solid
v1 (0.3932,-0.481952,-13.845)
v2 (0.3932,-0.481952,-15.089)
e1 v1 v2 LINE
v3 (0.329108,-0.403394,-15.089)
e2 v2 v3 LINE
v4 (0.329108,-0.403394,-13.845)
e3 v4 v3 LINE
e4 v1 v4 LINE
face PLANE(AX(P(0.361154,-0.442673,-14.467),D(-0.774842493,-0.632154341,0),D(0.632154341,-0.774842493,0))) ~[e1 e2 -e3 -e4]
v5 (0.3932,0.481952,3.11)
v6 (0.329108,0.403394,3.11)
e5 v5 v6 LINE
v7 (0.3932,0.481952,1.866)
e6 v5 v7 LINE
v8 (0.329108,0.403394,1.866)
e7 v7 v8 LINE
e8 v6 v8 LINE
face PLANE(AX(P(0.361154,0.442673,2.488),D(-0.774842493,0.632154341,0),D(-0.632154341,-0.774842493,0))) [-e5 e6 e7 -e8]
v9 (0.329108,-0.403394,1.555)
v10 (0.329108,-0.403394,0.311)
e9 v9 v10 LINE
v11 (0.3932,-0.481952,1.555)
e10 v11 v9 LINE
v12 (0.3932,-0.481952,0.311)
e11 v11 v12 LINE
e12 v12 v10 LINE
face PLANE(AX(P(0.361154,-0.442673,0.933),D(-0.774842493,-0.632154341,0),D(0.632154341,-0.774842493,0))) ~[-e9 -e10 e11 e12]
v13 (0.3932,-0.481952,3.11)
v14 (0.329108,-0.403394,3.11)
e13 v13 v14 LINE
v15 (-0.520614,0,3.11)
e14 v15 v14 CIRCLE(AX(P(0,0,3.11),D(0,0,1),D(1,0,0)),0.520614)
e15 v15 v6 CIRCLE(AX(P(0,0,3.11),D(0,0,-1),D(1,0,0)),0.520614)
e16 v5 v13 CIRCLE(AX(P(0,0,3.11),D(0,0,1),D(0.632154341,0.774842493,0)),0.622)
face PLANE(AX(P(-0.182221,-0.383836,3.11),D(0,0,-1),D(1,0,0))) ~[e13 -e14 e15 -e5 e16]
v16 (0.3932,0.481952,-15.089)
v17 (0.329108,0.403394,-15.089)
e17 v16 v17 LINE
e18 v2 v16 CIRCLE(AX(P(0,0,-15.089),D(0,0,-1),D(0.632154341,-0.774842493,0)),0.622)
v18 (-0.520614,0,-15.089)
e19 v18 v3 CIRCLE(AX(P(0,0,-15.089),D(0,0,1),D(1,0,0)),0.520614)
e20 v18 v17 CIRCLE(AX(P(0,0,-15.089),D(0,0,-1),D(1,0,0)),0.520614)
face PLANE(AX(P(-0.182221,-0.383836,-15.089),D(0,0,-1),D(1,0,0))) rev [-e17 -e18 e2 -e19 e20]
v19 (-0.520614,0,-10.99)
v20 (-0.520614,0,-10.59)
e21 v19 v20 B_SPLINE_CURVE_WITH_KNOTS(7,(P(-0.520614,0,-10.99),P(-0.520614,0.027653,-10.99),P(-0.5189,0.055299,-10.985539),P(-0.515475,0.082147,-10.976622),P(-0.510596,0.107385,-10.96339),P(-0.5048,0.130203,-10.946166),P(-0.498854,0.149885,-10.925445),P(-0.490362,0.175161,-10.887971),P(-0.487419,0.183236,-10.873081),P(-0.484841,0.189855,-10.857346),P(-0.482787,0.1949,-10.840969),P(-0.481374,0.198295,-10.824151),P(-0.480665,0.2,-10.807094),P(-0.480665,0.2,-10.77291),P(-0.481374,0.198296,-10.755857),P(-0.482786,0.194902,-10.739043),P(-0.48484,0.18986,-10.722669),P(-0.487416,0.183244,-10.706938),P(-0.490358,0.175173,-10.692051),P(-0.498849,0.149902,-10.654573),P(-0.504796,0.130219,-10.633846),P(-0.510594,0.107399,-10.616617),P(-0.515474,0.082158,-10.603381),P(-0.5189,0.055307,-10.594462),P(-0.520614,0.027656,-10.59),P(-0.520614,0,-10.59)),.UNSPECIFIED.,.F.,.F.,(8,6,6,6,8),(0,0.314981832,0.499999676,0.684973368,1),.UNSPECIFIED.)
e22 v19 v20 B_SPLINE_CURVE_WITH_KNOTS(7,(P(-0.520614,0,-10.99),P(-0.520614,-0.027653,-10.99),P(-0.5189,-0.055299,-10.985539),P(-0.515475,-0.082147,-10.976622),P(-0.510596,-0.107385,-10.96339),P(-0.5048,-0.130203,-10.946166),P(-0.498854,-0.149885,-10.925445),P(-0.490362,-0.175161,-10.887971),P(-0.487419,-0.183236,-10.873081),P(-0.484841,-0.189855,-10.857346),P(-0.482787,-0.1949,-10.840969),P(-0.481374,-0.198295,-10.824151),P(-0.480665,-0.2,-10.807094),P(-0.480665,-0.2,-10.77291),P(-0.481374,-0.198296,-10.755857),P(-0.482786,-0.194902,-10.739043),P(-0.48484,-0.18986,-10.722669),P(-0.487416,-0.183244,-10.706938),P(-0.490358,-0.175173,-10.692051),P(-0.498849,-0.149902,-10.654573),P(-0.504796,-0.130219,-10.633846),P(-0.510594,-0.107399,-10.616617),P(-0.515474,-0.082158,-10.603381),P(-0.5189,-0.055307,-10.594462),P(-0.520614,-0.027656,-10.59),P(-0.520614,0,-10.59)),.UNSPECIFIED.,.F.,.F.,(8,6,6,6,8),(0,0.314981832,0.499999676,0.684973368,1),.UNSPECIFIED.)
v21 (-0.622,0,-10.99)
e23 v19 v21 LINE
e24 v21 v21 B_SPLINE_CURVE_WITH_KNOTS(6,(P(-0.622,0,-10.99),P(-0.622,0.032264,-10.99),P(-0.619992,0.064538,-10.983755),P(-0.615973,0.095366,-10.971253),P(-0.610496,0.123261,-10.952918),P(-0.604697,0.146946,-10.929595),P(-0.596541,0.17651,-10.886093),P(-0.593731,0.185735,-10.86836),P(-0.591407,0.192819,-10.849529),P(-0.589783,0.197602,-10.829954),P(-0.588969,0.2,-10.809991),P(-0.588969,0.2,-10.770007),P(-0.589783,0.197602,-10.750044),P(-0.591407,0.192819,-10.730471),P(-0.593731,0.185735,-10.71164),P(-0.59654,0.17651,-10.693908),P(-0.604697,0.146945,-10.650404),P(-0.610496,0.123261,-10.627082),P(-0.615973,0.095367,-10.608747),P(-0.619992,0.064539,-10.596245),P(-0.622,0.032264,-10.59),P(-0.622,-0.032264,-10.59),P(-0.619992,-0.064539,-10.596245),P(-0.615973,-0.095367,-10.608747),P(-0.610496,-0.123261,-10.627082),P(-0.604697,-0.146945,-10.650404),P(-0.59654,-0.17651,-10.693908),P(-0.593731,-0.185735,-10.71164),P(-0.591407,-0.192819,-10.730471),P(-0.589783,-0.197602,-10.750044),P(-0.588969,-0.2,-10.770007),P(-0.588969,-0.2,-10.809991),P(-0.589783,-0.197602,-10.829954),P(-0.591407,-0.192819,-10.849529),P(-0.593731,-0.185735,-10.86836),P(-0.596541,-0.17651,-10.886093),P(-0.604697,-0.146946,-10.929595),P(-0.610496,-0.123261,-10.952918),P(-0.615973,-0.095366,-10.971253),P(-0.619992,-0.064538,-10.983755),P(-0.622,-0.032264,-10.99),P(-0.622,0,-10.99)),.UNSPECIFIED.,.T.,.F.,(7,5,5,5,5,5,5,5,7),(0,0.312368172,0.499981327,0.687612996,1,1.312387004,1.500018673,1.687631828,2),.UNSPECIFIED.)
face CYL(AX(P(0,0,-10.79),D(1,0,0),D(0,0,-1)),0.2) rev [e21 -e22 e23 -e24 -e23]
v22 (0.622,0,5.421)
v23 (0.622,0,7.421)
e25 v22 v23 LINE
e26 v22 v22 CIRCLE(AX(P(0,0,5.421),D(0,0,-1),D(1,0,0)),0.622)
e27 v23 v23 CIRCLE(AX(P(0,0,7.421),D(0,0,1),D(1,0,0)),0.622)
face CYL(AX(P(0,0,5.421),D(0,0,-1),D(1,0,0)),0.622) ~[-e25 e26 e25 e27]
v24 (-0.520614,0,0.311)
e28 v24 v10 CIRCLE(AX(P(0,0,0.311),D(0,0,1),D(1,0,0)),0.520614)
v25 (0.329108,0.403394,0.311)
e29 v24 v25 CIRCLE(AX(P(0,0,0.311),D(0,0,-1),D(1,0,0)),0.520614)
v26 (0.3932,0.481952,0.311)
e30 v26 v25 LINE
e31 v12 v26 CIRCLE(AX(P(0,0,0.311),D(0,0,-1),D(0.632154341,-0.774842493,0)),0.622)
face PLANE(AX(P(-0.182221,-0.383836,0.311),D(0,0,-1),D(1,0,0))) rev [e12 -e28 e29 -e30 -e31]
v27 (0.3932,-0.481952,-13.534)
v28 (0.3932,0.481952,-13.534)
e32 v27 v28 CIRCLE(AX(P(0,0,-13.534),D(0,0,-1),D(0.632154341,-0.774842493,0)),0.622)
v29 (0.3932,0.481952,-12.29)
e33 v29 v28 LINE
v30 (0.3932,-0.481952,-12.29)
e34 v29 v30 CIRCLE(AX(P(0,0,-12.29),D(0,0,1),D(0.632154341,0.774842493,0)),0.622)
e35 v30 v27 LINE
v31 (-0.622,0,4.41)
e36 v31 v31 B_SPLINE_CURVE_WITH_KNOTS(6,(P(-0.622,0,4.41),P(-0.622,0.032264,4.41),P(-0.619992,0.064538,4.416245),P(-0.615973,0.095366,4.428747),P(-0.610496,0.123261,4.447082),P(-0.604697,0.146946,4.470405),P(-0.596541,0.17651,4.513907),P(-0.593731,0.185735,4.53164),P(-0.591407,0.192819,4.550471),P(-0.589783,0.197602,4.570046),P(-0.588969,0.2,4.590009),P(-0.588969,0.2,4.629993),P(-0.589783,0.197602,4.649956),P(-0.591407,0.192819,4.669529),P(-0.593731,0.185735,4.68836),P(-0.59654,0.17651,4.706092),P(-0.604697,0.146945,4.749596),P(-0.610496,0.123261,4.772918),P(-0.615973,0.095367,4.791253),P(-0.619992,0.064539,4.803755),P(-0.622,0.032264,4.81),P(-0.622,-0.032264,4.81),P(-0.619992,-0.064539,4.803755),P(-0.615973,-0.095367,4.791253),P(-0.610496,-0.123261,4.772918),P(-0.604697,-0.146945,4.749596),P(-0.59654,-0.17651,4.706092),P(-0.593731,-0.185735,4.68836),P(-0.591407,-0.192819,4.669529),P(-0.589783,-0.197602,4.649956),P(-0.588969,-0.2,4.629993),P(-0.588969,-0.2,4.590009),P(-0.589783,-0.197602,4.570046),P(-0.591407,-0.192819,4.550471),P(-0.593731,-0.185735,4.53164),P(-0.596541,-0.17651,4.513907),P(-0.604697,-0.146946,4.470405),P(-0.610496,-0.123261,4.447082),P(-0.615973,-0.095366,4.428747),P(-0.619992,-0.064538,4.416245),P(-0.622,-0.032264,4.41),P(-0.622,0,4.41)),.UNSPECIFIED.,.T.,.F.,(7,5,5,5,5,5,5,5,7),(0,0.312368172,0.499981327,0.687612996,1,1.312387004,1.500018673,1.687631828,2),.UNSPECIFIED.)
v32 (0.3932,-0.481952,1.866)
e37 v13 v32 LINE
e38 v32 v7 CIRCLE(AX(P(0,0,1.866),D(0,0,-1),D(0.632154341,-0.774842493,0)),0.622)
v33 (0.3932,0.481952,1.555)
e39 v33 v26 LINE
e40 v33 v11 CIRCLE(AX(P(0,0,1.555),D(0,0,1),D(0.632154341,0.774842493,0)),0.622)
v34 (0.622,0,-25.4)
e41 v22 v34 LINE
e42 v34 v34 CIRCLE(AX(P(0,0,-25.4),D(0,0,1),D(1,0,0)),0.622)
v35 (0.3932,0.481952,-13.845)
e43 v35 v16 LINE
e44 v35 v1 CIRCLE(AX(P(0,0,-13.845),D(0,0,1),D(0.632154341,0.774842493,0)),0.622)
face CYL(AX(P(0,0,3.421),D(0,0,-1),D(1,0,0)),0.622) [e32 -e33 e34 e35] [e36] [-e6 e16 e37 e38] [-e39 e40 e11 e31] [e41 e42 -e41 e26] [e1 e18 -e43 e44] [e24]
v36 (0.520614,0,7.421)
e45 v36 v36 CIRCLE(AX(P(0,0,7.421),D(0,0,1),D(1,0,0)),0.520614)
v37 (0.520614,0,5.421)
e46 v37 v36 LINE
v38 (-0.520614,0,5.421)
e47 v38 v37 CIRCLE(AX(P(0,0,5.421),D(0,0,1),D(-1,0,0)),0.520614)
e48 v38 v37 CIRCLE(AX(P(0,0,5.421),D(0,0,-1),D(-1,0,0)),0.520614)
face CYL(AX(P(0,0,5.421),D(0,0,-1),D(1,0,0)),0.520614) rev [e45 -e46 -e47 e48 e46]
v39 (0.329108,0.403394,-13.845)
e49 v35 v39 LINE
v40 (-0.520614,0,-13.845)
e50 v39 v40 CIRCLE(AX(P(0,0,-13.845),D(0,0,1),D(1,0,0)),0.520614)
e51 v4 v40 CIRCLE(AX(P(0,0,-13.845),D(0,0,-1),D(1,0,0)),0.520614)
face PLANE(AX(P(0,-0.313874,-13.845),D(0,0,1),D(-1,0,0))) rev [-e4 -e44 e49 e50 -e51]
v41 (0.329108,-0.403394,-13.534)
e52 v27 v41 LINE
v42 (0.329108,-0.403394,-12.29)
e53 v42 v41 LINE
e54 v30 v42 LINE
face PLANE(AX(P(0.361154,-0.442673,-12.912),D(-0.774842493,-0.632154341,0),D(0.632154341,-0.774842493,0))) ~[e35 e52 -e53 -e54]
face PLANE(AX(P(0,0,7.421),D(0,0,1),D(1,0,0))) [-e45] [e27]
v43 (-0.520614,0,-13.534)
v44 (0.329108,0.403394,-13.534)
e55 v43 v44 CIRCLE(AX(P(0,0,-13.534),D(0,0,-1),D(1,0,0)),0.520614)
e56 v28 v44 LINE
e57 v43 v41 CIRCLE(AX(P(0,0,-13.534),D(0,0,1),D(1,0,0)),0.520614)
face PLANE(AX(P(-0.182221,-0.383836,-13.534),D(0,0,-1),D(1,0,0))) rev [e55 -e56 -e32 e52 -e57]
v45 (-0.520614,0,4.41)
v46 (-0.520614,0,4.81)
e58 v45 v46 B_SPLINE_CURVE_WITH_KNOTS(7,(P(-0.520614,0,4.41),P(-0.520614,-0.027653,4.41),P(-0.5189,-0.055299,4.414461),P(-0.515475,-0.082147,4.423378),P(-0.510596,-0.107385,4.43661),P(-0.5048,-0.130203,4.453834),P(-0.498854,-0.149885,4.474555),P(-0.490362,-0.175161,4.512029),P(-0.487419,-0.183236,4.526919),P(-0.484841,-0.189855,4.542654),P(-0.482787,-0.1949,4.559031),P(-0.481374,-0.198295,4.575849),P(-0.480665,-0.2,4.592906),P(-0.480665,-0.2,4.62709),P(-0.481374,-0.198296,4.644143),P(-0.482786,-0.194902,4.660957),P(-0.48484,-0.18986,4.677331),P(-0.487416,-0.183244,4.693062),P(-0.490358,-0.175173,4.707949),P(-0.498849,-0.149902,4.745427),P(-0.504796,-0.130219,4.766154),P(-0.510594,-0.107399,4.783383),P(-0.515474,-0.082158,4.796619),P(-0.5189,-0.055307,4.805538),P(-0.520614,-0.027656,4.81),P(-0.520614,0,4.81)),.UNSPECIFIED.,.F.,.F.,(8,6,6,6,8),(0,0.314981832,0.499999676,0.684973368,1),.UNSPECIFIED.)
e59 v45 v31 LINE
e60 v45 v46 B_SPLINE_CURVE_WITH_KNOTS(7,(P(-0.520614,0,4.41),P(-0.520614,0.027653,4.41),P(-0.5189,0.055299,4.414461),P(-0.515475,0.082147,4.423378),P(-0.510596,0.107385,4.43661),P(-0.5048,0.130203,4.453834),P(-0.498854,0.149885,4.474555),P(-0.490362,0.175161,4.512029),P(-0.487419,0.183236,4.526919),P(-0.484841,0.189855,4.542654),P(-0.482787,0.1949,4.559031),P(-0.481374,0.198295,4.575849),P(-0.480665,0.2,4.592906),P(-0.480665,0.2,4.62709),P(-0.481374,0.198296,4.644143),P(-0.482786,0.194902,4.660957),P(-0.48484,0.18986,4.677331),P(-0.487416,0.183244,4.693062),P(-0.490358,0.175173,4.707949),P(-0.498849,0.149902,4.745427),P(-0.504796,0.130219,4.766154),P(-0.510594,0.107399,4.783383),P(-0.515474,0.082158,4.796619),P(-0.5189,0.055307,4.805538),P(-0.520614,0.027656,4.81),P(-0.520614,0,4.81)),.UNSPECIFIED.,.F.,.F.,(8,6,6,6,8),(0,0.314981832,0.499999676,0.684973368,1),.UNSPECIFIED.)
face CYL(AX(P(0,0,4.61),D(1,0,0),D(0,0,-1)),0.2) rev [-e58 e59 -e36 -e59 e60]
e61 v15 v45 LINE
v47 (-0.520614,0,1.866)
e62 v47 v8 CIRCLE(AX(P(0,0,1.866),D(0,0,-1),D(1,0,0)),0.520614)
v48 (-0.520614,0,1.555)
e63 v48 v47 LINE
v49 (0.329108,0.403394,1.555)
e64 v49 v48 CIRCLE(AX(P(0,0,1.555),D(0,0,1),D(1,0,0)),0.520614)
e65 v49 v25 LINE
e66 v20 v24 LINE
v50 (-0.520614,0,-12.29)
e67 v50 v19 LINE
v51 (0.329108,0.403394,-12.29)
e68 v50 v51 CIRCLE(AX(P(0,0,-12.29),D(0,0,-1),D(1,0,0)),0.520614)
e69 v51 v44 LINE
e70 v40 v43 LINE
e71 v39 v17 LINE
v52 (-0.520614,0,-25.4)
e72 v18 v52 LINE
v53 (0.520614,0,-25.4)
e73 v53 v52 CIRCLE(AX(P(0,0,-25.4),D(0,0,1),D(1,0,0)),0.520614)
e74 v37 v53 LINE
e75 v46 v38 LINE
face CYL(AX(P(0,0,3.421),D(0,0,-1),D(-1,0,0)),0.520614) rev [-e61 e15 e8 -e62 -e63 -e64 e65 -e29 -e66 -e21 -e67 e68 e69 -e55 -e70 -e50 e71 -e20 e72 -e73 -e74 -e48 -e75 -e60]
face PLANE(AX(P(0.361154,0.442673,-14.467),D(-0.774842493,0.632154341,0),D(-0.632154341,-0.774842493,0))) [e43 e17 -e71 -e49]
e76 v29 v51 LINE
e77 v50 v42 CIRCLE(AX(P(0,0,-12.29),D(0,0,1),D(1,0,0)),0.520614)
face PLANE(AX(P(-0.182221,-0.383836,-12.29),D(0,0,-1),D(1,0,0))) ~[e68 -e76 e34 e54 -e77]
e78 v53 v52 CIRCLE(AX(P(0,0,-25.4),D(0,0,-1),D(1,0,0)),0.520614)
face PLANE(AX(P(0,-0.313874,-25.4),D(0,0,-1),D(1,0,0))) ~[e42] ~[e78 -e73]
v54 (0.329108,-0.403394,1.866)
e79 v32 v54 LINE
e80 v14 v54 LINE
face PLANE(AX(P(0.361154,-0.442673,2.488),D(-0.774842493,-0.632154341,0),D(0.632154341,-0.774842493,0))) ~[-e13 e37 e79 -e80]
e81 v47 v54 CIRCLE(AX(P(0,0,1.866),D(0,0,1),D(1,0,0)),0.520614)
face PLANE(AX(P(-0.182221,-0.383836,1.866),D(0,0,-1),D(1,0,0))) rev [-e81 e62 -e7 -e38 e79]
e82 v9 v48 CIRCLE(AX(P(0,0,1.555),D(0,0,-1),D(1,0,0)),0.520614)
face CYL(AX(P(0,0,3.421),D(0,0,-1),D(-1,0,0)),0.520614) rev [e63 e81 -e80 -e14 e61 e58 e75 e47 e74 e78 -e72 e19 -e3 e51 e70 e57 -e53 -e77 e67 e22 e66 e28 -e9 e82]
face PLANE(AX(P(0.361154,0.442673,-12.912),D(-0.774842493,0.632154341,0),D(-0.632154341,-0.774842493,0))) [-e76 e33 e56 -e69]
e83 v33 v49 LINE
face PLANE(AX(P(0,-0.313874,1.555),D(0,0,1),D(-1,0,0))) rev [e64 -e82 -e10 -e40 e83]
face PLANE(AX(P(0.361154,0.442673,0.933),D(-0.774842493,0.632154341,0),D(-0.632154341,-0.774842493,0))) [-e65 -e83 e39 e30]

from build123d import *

# Parameters (mm, degrees)
SURFACE_EXTRUDE1_1_DEPTH   = 1.866
SURFACE_TRIM1_TOOL_2_BACK  = 3.327
SURFACE_TRIM1_TOOL_2_DEPTH = 6.654
THICKEN2_T1                = 0.101386
LPATTERN3_COUNT            = 2
LPATTERN3_PITCH            = 1.555
BOSS_EXTRUDE1_DEPTH        = 10
BOSS_EXTRUDE2_DEPTH        = 2
SKETCH7_R                  = 0.2
CUT_EXTRUDE2_DEPTH         = 11.038613849
LPATTERN4_COUNT            = 2
LPATTERN4_PITCH            = 15.4
SKETCH9_R                  = 0.622
SKETCH9_R_2                = 0.520614
BOSS_EXTRUDE3_DEPTH        = 2


with BuildPart() as body_1:
    # Surface-Extrude1: a surface, the sketch's curves swept straight by 1.866 mm
    with BuildLine(Plane.XY, mode=Mode.PRIVATE) as surface_extrude1_1_path:
        ThreePointArc((0.622, 0), (0, 0.622), (-0.622, 0))
    surface_extrude1_1 = Shell.extrude(surface_extrude1_1_path.wire(), (0 * SURFACE_EXTRUDE1_1_DEPTH, 0 * SURFACE_EXTRUDE1_1_DEPTH, 1 * SURFACE_EXTRUDE1_1_DEPTH))
    # Surface-Trim1 tool: a surface, the sketch's curves swept straight by 6.654 mm
    with BuildLine(Plane(origin=(0, 0, 0), x_dir=(1, 0, 0), z_dir=(0, 1, 0)).offset(-SURFACE_TRIM1_TOOL_2_BACK), mode=Mode.PRIVATE) as surface_trim1_tool_2_path:
        Line((-0.622, -1.555), (0.3932, -1.555))
        Line((0.3932, -1.555), (0.3932, -0.311))
        Line((0.3932, -0.311), (-0.622, -0.311))
    surface_trim1_tool_2 = Shell.extrude(surface_trim1_tool_2_path.wire(), (0 * SURFACE_TRIM1_TOOL_2_DEPTH, 1 * SURFACE_TRIM1_TOOL_2_DEPTH, 0 * SURFACE_TRIM1_TOOL_2_DEPTH))
    # Surface-Trim1: the surface trimmed, the side behind the tool kept
    surface_trim1_3 = split(surface_extrude1_1.faces()[0], bisect_by=surface_trim1_tool_2, keep=Keep.BOTTOM).faces()[0]
    add(Solid.thicken(surface_trim1_3, THICKEN2_T1))


with BuildPart() as lpattern3_1:
    # LPattern3: pattern copy
    add(body_1.part.moved(Location(Vector(0, 0, 1) * (1 * LPATTERN3_PITCH))))

    # Combine1: union body 1
    add(body_1.part)

    # Sketch5 → Boss-Extrude1 (add)
    with BuildSketch(Plane(origin=(0, 0, 0), x_dir=(-1, 0, 0), z_dir=(0, 0, -1))):
        with BuildLine():
            Line((-0.622, 0), (-0.520614, 0))
            ThreePointArc((-0.520614, 0), (0, 0.520614), (0.520614, 0))
            Line((0.520614, 0), (0.622, 0))
            ThreePointArc((0.622, 0), (0, 0.622), (-0.622, 0))
        make_face()
    extrude(amount=BOSS_EXTRUDE1_DEPTH)

    # Sketch6 → Boss-Extrude2 (add)
    with BuildSketch(Plane.XY.offset(3.421)):
        with BuildLine():
            Line((-0.622, 0), (-0.520614, 0))
            ThreePointArc((-0.520614, 0), (0, 0.520614), (0.520614, 0))
            Line((0.520614, 0), (0.622, 0))
            ThreePointArc((0.622, 0), (0, 0.622), (-0.622, 0))
        make_face()
    extrude(amount=BOSS_EXTRUDE2_DEPTH)

    # Sketch7 → Cut-Extrude2 (cut, through all)
    with BuildSketch(Plane(origin=(0, 0, 0), x_dir=(0, 0, -1), z_dir=(1, 0, 0))):
        with Locations((-4.61, 0)):
            Circle(SKETCH7_R)
    extrude(amount=-CUT_EXTRUDE2_DEPTH, mode=Mode.SUBTRACT)

    # Mirror1: LPattern3_1 across face


with BuildPart() as lpattern3_1_1:
    add(lpattern3_1.part)
    add(lpattern3_1.part.mirror(Plane(origin=(0.571307, 0, -2.2895), x_dir=(0, 0, 1), z_dir=(0, -1, 0))))


with BuildPart() as lpattern4_1:
    # LPattern4: pattern copy
    add(lpattern3_1_1.part.moved(Location(Vector(0, 0, -1) * (1 * LPATTERN4_PITCH))))

    # Combine2: union LPattern3_1
    add(lpattern3_1_1.part)

    # Sketch9 → Boss-Extrude3 (add)
    with BuildSketch(Plane.XY.offset(5.421)):
        Circle(SKETCH9_R)
        Circle(SKETCH9_R_2, mode=Mode.SUBTRACT)
    extrude(amount=BOSS_EXTRUDE3_DEPTH)


solid = lpattern4_1.part
